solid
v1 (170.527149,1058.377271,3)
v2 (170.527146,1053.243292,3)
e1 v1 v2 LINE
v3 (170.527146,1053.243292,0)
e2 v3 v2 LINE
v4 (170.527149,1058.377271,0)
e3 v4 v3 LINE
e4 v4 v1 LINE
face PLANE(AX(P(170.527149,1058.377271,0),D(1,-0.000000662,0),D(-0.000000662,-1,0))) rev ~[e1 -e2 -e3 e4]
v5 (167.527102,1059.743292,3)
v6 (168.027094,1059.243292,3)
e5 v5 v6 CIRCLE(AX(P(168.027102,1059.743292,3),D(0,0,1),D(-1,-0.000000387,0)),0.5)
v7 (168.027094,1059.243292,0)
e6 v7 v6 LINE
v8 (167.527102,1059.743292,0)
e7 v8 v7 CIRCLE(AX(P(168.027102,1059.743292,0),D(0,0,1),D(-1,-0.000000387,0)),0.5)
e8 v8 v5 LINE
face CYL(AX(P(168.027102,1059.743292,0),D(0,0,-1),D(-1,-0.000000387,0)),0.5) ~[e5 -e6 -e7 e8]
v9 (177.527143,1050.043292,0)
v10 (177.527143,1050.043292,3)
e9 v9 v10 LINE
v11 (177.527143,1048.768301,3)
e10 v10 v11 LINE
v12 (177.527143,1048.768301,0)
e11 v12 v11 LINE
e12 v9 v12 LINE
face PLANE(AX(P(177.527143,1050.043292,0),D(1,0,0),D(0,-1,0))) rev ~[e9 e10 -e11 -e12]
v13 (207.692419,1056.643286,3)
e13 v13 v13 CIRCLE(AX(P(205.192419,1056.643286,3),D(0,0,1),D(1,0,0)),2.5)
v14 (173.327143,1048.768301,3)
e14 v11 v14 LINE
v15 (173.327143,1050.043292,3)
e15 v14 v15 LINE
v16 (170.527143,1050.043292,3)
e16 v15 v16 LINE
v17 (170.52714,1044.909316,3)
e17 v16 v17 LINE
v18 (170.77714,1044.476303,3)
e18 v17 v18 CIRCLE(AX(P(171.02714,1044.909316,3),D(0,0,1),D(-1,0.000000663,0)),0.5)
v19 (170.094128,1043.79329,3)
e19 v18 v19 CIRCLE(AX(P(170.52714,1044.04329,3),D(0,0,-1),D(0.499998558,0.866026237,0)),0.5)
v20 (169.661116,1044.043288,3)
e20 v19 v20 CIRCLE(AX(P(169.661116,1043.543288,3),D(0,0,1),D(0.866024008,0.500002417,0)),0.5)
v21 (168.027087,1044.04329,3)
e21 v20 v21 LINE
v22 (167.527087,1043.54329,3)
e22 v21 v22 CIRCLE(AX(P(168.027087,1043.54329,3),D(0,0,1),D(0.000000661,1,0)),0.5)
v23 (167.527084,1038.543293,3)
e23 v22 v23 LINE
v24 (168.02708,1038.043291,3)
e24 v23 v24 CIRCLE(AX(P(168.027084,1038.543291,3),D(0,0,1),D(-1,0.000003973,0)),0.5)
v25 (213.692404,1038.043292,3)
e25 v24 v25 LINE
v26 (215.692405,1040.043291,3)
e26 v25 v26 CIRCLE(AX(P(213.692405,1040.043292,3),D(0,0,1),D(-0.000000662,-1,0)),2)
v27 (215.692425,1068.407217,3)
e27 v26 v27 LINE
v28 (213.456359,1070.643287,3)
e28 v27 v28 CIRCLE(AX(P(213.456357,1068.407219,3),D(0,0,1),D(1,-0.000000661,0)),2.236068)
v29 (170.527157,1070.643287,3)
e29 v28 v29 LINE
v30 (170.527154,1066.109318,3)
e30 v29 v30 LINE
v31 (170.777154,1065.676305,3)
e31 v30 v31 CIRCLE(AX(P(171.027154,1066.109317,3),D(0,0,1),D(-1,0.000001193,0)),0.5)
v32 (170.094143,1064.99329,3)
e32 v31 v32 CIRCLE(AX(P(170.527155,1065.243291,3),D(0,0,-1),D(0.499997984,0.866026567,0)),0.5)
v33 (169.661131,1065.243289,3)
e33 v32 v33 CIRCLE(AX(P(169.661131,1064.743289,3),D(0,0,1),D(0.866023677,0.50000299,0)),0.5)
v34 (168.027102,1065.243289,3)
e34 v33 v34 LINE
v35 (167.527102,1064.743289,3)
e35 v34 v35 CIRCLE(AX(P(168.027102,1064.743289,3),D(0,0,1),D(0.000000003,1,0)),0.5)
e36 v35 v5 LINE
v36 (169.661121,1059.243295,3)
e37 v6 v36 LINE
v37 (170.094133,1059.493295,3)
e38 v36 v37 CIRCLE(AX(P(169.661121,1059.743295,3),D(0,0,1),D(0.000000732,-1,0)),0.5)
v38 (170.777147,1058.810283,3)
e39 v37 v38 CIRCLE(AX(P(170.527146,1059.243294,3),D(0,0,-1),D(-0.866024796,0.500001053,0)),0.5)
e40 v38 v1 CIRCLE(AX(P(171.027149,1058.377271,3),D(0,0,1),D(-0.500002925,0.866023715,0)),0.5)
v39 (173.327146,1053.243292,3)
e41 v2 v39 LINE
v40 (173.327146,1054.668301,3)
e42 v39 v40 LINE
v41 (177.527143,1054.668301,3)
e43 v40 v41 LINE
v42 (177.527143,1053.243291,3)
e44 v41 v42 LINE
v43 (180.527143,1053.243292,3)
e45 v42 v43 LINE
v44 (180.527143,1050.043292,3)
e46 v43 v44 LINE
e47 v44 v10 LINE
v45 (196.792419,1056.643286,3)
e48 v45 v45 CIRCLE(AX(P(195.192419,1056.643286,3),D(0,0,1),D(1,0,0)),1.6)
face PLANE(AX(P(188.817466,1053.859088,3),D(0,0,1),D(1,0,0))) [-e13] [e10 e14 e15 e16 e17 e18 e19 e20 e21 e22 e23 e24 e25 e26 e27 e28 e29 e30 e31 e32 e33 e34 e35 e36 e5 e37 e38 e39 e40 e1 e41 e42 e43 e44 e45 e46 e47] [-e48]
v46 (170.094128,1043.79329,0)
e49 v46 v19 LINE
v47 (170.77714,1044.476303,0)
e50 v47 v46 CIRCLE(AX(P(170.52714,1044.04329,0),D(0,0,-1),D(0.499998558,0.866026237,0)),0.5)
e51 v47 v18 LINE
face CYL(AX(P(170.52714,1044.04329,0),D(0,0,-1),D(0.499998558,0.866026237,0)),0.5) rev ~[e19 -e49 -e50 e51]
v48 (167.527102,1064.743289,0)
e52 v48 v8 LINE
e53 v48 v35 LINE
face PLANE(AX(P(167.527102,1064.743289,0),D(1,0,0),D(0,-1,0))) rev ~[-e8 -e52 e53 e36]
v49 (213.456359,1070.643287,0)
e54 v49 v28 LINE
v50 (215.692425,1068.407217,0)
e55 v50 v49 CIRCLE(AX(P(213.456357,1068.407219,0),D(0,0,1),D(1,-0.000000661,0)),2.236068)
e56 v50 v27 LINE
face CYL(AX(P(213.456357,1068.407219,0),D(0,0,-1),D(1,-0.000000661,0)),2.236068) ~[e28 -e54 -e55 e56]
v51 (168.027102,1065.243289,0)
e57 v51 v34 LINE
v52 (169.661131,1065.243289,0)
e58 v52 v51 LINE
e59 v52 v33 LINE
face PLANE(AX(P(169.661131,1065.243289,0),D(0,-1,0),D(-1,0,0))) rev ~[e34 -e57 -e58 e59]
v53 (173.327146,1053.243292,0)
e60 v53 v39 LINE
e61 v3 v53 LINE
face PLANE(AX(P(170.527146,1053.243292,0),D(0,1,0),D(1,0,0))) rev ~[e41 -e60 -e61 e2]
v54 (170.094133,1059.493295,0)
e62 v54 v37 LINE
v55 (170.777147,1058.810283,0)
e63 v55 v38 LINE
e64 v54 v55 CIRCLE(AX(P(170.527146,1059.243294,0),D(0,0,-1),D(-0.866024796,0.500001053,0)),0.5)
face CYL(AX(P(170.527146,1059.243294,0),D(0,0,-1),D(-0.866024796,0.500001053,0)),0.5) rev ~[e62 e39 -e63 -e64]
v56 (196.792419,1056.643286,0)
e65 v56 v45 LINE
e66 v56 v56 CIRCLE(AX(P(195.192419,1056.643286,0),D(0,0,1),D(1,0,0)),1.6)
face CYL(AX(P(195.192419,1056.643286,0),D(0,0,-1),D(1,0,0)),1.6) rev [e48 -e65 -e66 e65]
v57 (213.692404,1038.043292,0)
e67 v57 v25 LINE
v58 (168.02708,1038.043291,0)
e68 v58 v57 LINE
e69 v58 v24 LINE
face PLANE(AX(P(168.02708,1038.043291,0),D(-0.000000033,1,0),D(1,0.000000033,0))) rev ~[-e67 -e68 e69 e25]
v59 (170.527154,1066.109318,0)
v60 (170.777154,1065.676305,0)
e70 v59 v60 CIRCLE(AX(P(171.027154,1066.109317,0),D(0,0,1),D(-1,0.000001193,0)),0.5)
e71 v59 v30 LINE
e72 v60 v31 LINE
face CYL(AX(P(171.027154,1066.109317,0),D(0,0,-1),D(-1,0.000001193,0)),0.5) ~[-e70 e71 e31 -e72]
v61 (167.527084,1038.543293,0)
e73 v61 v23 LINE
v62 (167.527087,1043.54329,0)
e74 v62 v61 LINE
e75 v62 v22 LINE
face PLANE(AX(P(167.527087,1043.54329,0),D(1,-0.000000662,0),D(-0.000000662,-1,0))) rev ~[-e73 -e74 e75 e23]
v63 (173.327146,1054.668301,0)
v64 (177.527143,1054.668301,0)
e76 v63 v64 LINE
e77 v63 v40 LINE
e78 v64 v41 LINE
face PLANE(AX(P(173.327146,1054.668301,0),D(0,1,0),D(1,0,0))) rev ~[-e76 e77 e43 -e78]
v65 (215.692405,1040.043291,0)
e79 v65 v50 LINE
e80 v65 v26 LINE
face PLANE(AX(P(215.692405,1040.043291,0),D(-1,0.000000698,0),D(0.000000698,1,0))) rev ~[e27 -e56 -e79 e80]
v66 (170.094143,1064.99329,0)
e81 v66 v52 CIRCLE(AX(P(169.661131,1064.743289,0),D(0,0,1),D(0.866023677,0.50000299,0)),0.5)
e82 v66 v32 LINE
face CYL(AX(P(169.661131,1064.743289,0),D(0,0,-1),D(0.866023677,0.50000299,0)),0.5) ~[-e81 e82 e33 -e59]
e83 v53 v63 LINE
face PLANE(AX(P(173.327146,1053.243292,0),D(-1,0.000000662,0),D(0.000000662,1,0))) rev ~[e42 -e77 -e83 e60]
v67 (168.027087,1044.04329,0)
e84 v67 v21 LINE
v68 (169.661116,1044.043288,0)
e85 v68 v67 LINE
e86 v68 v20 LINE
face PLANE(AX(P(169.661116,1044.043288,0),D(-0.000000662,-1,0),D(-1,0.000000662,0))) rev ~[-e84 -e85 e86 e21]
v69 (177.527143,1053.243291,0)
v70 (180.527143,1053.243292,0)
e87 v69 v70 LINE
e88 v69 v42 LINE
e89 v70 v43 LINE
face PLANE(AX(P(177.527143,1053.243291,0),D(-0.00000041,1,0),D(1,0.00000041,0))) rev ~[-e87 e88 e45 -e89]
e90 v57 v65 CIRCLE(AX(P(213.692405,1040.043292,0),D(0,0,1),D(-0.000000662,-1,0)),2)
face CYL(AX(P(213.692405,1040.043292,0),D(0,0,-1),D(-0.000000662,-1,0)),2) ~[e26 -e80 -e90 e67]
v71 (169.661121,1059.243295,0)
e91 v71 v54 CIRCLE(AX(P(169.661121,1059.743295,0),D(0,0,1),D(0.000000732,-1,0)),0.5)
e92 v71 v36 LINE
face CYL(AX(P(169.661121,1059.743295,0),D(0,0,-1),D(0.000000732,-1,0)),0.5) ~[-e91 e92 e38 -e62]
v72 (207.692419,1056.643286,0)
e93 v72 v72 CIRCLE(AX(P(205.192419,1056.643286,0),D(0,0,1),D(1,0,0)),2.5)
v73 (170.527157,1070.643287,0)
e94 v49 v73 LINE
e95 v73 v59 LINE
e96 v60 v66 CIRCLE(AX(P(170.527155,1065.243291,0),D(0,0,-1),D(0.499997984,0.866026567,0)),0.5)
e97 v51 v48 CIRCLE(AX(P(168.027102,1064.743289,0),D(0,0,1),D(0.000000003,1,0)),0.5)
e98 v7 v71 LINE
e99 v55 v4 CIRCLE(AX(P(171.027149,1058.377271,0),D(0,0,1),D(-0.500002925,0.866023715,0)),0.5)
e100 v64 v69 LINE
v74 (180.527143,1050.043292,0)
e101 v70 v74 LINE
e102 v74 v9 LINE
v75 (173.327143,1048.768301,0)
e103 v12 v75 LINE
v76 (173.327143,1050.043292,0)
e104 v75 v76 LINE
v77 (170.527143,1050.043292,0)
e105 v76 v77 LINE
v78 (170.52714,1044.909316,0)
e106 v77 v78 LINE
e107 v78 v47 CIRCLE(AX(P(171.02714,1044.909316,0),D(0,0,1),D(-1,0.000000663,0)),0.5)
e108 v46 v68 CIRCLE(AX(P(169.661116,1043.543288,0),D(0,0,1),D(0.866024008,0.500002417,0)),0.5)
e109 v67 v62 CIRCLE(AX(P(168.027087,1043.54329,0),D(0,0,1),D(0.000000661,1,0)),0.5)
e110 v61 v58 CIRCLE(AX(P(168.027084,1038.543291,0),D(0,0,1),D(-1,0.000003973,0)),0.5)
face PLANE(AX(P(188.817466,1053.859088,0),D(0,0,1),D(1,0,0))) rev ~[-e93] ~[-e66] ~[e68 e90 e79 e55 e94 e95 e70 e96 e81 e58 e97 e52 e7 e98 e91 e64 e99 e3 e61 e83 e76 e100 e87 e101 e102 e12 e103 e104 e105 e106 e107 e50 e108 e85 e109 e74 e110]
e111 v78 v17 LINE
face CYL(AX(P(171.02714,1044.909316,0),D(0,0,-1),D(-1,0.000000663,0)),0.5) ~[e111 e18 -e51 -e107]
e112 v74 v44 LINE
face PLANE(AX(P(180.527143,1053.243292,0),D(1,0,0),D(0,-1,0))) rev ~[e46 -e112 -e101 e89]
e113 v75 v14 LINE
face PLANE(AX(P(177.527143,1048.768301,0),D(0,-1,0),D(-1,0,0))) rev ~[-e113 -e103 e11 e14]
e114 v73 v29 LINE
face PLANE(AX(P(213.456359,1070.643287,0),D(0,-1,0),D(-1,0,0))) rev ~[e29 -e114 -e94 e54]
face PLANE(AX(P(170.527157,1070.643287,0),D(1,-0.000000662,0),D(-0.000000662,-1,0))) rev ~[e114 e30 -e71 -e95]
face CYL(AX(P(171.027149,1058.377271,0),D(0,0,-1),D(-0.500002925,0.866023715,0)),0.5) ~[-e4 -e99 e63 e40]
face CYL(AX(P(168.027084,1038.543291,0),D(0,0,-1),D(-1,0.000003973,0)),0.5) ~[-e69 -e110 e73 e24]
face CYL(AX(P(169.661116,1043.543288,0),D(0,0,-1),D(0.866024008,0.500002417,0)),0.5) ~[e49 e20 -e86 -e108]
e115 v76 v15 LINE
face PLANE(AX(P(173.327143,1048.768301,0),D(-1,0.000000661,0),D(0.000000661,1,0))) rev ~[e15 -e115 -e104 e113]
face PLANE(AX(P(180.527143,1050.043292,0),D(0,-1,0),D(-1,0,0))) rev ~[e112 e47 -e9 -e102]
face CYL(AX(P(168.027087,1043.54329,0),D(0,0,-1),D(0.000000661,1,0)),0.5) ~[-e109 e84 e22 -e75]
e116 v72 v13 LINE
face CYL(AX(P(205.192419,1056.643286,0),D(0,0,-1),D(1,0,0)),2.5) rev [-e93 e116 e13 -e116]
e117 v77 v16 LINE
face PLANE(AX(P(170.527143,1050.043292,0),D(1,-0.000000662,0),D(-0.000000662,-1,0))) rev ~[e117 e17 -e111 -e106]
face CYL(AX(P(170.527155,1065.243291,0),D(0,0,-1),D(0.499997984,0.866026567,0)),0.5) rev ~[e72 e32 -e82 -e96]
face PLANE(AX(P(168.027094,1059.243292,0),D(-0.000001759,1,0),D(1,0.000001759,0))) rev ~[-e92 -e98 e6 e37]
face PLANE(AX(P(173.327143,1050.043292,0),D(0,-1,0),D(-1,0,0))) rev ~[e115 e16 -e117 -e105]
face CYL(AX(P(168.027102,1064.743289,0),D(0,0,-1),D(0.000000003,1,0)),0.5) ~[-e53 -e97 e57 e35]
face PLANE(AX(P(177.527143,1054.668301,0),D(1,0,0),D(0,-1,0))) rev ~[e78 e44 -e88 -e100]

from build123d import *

# Parameters (mm, degrees)
SKETCH1_R           = 1.6
SKETCH1_R_2         = 2.5
BOSS_EXTRUDE1_DEPTH = 3


with BuildPart() as part:
    # Sketch1 → Boss-Extrude1 (new body)
    with BuildSketch(Plane.XY):
        with BuildLine():
            Line((168.027079905, 1038.043290918), (213.692404138, 1038.043292418))
            ThreePointArc((213.692404138, 1038.043292418), (215.106618088, 1038.62907792), (215.692405461, 1040.043291095))
            Line((215.692405461, 1040.043291095), (215.692425273, 1068.407217461))
            ThreePointArc((215.692425273, 1068.407217461), (215.037497189, 1069.988356706), (213.456358826, 1070.643286918))
            Line((213.456358826, 1070.643286918), (170.527157049, 1070.643286918))
            Line((170.527157049, 1070.643286918), (170.527154049, 1066.109317918))
            ThreePointArc((170.527154049, 1066.109317918), (170.594141198, 1065.85931758), (170.777154049, 1065.67630462))
            ThreePointArc((170.777154049, 1065.67630462), (170.880709235, 1064.889738733), (170.094142887, 1064.993290414))
            ThreePointArc((170.094142887, 1064.993290414), (169.911130301, 1065.176302052), (169.661131049, 1065.243288918))
            Line((169.661131049, 1065.243288918), (168.027102049, 1065.243288918))
            ThreePointArc((168.027102049, 1065.243288918), (167.673548658, 1065.096842309), (167.527102049, 1064.743288918))
            Line((167.527102049, 1064.743288918), (167.527102049, 1059.743291918))
            ThreePointArc((167.527102049, 1059.743291918), (167.673545881, 1059.389741498), (168.027094, 1059.243292111))
            Line((168.027094, 1059.243292111), (169.661121, 1059.243294985))
            ThreePointArc((169.661121, 1059.243294985), (169.911120776, 1059.310282365), (170.094133317, 1059.493294952))
            ThreePointArc((170.094133317, 1059.493294952), (170.880698604, 1059.596848318), (170.77714747, 1058.810282737))
            ThreePointArc((170.77714747, 1058.810282737), (170.594135891, 1058.627270291), (170.527148933, 1058.37727121))
            Line((170.527148933, 1058.37727121), (170.527145536, 1053.243292145))
            Line((170.527145536, 1053.243292145), (173.327145536, 1053.243292145))
            Line((173.327145536, 1053.243292145), (173.327146479, 1054.668300832))
            Line((173.327146479, 1054.668300832), (177.527142575, 1054.668300832))
            Line((177.527142575, 1054.668300832), (177.527142575, 1053.243290914))
            Line((177.527142575, 1053.243290914), (180.527142575, 1053.243292145))
            Line((180.527142575, 1053.243292145), (180.527142575, 1050.043292145))
            Line((180.527142575, 1050.043292145), (177.527142575, 1050.043292145))
            Line((177.527142575, 1050.043292145), (177.527142575, 1048.768300832))
            Line((177.527142575, 1048.768300832), (173.327142575, 1048.768300832))
            Line((173.327142575, 1048.768300832), (173.327143418, 1050.043292145))
            Line((173.327143418, 1050.043292145), (170.527143418, 1050.043292145))
            Line((170.527143418, 1050.043292145), (170.527140021, 1044.909316322))
            ThreePointArc((170.527140021, 1044.909316322), (170.594127154, 1044.659316277), (170.777139735, 1044.476303455))
            ThreePointArc((170.777139735, 1044.476303455), (170.8806944, 1043.689737499), (170.094128121, 1043.793289701))
            ThreePointArc((170.094128121, 1043.793289701), (169.911115656, 1043.97630146), (169.661116448, 1044.043288491))
            Line((169.661116448, 1044.043288491), (168.027087448, 1044.043289572))
            ThreePointArc((168.027087448, 1044.043289572), (167.673533961, 1043.896843197), (167.527087117, 1043.543289903))
            Line((167.527087117, 1043.543289903), (167.527083809, 1038.543292903))
            ThreePointArc((167.527083809, 1038.543292903), (167.673528336, 1038.189739609), (168.027079905, 1038.043290918))
        make_face()
        with Locations((195.192419253, 1056.643286172)):
            Circle(SKETCH1_R, mode=Mode.SUBTRACT)
        with Locations((205.192419253, 1056.643286172)):
            Circle(SKETCH1_R_2, mode=Mode.SUBTRACT)
    extrude(amount=BOSS_EXTRUDE1_DEPTH)


solid = part.part
